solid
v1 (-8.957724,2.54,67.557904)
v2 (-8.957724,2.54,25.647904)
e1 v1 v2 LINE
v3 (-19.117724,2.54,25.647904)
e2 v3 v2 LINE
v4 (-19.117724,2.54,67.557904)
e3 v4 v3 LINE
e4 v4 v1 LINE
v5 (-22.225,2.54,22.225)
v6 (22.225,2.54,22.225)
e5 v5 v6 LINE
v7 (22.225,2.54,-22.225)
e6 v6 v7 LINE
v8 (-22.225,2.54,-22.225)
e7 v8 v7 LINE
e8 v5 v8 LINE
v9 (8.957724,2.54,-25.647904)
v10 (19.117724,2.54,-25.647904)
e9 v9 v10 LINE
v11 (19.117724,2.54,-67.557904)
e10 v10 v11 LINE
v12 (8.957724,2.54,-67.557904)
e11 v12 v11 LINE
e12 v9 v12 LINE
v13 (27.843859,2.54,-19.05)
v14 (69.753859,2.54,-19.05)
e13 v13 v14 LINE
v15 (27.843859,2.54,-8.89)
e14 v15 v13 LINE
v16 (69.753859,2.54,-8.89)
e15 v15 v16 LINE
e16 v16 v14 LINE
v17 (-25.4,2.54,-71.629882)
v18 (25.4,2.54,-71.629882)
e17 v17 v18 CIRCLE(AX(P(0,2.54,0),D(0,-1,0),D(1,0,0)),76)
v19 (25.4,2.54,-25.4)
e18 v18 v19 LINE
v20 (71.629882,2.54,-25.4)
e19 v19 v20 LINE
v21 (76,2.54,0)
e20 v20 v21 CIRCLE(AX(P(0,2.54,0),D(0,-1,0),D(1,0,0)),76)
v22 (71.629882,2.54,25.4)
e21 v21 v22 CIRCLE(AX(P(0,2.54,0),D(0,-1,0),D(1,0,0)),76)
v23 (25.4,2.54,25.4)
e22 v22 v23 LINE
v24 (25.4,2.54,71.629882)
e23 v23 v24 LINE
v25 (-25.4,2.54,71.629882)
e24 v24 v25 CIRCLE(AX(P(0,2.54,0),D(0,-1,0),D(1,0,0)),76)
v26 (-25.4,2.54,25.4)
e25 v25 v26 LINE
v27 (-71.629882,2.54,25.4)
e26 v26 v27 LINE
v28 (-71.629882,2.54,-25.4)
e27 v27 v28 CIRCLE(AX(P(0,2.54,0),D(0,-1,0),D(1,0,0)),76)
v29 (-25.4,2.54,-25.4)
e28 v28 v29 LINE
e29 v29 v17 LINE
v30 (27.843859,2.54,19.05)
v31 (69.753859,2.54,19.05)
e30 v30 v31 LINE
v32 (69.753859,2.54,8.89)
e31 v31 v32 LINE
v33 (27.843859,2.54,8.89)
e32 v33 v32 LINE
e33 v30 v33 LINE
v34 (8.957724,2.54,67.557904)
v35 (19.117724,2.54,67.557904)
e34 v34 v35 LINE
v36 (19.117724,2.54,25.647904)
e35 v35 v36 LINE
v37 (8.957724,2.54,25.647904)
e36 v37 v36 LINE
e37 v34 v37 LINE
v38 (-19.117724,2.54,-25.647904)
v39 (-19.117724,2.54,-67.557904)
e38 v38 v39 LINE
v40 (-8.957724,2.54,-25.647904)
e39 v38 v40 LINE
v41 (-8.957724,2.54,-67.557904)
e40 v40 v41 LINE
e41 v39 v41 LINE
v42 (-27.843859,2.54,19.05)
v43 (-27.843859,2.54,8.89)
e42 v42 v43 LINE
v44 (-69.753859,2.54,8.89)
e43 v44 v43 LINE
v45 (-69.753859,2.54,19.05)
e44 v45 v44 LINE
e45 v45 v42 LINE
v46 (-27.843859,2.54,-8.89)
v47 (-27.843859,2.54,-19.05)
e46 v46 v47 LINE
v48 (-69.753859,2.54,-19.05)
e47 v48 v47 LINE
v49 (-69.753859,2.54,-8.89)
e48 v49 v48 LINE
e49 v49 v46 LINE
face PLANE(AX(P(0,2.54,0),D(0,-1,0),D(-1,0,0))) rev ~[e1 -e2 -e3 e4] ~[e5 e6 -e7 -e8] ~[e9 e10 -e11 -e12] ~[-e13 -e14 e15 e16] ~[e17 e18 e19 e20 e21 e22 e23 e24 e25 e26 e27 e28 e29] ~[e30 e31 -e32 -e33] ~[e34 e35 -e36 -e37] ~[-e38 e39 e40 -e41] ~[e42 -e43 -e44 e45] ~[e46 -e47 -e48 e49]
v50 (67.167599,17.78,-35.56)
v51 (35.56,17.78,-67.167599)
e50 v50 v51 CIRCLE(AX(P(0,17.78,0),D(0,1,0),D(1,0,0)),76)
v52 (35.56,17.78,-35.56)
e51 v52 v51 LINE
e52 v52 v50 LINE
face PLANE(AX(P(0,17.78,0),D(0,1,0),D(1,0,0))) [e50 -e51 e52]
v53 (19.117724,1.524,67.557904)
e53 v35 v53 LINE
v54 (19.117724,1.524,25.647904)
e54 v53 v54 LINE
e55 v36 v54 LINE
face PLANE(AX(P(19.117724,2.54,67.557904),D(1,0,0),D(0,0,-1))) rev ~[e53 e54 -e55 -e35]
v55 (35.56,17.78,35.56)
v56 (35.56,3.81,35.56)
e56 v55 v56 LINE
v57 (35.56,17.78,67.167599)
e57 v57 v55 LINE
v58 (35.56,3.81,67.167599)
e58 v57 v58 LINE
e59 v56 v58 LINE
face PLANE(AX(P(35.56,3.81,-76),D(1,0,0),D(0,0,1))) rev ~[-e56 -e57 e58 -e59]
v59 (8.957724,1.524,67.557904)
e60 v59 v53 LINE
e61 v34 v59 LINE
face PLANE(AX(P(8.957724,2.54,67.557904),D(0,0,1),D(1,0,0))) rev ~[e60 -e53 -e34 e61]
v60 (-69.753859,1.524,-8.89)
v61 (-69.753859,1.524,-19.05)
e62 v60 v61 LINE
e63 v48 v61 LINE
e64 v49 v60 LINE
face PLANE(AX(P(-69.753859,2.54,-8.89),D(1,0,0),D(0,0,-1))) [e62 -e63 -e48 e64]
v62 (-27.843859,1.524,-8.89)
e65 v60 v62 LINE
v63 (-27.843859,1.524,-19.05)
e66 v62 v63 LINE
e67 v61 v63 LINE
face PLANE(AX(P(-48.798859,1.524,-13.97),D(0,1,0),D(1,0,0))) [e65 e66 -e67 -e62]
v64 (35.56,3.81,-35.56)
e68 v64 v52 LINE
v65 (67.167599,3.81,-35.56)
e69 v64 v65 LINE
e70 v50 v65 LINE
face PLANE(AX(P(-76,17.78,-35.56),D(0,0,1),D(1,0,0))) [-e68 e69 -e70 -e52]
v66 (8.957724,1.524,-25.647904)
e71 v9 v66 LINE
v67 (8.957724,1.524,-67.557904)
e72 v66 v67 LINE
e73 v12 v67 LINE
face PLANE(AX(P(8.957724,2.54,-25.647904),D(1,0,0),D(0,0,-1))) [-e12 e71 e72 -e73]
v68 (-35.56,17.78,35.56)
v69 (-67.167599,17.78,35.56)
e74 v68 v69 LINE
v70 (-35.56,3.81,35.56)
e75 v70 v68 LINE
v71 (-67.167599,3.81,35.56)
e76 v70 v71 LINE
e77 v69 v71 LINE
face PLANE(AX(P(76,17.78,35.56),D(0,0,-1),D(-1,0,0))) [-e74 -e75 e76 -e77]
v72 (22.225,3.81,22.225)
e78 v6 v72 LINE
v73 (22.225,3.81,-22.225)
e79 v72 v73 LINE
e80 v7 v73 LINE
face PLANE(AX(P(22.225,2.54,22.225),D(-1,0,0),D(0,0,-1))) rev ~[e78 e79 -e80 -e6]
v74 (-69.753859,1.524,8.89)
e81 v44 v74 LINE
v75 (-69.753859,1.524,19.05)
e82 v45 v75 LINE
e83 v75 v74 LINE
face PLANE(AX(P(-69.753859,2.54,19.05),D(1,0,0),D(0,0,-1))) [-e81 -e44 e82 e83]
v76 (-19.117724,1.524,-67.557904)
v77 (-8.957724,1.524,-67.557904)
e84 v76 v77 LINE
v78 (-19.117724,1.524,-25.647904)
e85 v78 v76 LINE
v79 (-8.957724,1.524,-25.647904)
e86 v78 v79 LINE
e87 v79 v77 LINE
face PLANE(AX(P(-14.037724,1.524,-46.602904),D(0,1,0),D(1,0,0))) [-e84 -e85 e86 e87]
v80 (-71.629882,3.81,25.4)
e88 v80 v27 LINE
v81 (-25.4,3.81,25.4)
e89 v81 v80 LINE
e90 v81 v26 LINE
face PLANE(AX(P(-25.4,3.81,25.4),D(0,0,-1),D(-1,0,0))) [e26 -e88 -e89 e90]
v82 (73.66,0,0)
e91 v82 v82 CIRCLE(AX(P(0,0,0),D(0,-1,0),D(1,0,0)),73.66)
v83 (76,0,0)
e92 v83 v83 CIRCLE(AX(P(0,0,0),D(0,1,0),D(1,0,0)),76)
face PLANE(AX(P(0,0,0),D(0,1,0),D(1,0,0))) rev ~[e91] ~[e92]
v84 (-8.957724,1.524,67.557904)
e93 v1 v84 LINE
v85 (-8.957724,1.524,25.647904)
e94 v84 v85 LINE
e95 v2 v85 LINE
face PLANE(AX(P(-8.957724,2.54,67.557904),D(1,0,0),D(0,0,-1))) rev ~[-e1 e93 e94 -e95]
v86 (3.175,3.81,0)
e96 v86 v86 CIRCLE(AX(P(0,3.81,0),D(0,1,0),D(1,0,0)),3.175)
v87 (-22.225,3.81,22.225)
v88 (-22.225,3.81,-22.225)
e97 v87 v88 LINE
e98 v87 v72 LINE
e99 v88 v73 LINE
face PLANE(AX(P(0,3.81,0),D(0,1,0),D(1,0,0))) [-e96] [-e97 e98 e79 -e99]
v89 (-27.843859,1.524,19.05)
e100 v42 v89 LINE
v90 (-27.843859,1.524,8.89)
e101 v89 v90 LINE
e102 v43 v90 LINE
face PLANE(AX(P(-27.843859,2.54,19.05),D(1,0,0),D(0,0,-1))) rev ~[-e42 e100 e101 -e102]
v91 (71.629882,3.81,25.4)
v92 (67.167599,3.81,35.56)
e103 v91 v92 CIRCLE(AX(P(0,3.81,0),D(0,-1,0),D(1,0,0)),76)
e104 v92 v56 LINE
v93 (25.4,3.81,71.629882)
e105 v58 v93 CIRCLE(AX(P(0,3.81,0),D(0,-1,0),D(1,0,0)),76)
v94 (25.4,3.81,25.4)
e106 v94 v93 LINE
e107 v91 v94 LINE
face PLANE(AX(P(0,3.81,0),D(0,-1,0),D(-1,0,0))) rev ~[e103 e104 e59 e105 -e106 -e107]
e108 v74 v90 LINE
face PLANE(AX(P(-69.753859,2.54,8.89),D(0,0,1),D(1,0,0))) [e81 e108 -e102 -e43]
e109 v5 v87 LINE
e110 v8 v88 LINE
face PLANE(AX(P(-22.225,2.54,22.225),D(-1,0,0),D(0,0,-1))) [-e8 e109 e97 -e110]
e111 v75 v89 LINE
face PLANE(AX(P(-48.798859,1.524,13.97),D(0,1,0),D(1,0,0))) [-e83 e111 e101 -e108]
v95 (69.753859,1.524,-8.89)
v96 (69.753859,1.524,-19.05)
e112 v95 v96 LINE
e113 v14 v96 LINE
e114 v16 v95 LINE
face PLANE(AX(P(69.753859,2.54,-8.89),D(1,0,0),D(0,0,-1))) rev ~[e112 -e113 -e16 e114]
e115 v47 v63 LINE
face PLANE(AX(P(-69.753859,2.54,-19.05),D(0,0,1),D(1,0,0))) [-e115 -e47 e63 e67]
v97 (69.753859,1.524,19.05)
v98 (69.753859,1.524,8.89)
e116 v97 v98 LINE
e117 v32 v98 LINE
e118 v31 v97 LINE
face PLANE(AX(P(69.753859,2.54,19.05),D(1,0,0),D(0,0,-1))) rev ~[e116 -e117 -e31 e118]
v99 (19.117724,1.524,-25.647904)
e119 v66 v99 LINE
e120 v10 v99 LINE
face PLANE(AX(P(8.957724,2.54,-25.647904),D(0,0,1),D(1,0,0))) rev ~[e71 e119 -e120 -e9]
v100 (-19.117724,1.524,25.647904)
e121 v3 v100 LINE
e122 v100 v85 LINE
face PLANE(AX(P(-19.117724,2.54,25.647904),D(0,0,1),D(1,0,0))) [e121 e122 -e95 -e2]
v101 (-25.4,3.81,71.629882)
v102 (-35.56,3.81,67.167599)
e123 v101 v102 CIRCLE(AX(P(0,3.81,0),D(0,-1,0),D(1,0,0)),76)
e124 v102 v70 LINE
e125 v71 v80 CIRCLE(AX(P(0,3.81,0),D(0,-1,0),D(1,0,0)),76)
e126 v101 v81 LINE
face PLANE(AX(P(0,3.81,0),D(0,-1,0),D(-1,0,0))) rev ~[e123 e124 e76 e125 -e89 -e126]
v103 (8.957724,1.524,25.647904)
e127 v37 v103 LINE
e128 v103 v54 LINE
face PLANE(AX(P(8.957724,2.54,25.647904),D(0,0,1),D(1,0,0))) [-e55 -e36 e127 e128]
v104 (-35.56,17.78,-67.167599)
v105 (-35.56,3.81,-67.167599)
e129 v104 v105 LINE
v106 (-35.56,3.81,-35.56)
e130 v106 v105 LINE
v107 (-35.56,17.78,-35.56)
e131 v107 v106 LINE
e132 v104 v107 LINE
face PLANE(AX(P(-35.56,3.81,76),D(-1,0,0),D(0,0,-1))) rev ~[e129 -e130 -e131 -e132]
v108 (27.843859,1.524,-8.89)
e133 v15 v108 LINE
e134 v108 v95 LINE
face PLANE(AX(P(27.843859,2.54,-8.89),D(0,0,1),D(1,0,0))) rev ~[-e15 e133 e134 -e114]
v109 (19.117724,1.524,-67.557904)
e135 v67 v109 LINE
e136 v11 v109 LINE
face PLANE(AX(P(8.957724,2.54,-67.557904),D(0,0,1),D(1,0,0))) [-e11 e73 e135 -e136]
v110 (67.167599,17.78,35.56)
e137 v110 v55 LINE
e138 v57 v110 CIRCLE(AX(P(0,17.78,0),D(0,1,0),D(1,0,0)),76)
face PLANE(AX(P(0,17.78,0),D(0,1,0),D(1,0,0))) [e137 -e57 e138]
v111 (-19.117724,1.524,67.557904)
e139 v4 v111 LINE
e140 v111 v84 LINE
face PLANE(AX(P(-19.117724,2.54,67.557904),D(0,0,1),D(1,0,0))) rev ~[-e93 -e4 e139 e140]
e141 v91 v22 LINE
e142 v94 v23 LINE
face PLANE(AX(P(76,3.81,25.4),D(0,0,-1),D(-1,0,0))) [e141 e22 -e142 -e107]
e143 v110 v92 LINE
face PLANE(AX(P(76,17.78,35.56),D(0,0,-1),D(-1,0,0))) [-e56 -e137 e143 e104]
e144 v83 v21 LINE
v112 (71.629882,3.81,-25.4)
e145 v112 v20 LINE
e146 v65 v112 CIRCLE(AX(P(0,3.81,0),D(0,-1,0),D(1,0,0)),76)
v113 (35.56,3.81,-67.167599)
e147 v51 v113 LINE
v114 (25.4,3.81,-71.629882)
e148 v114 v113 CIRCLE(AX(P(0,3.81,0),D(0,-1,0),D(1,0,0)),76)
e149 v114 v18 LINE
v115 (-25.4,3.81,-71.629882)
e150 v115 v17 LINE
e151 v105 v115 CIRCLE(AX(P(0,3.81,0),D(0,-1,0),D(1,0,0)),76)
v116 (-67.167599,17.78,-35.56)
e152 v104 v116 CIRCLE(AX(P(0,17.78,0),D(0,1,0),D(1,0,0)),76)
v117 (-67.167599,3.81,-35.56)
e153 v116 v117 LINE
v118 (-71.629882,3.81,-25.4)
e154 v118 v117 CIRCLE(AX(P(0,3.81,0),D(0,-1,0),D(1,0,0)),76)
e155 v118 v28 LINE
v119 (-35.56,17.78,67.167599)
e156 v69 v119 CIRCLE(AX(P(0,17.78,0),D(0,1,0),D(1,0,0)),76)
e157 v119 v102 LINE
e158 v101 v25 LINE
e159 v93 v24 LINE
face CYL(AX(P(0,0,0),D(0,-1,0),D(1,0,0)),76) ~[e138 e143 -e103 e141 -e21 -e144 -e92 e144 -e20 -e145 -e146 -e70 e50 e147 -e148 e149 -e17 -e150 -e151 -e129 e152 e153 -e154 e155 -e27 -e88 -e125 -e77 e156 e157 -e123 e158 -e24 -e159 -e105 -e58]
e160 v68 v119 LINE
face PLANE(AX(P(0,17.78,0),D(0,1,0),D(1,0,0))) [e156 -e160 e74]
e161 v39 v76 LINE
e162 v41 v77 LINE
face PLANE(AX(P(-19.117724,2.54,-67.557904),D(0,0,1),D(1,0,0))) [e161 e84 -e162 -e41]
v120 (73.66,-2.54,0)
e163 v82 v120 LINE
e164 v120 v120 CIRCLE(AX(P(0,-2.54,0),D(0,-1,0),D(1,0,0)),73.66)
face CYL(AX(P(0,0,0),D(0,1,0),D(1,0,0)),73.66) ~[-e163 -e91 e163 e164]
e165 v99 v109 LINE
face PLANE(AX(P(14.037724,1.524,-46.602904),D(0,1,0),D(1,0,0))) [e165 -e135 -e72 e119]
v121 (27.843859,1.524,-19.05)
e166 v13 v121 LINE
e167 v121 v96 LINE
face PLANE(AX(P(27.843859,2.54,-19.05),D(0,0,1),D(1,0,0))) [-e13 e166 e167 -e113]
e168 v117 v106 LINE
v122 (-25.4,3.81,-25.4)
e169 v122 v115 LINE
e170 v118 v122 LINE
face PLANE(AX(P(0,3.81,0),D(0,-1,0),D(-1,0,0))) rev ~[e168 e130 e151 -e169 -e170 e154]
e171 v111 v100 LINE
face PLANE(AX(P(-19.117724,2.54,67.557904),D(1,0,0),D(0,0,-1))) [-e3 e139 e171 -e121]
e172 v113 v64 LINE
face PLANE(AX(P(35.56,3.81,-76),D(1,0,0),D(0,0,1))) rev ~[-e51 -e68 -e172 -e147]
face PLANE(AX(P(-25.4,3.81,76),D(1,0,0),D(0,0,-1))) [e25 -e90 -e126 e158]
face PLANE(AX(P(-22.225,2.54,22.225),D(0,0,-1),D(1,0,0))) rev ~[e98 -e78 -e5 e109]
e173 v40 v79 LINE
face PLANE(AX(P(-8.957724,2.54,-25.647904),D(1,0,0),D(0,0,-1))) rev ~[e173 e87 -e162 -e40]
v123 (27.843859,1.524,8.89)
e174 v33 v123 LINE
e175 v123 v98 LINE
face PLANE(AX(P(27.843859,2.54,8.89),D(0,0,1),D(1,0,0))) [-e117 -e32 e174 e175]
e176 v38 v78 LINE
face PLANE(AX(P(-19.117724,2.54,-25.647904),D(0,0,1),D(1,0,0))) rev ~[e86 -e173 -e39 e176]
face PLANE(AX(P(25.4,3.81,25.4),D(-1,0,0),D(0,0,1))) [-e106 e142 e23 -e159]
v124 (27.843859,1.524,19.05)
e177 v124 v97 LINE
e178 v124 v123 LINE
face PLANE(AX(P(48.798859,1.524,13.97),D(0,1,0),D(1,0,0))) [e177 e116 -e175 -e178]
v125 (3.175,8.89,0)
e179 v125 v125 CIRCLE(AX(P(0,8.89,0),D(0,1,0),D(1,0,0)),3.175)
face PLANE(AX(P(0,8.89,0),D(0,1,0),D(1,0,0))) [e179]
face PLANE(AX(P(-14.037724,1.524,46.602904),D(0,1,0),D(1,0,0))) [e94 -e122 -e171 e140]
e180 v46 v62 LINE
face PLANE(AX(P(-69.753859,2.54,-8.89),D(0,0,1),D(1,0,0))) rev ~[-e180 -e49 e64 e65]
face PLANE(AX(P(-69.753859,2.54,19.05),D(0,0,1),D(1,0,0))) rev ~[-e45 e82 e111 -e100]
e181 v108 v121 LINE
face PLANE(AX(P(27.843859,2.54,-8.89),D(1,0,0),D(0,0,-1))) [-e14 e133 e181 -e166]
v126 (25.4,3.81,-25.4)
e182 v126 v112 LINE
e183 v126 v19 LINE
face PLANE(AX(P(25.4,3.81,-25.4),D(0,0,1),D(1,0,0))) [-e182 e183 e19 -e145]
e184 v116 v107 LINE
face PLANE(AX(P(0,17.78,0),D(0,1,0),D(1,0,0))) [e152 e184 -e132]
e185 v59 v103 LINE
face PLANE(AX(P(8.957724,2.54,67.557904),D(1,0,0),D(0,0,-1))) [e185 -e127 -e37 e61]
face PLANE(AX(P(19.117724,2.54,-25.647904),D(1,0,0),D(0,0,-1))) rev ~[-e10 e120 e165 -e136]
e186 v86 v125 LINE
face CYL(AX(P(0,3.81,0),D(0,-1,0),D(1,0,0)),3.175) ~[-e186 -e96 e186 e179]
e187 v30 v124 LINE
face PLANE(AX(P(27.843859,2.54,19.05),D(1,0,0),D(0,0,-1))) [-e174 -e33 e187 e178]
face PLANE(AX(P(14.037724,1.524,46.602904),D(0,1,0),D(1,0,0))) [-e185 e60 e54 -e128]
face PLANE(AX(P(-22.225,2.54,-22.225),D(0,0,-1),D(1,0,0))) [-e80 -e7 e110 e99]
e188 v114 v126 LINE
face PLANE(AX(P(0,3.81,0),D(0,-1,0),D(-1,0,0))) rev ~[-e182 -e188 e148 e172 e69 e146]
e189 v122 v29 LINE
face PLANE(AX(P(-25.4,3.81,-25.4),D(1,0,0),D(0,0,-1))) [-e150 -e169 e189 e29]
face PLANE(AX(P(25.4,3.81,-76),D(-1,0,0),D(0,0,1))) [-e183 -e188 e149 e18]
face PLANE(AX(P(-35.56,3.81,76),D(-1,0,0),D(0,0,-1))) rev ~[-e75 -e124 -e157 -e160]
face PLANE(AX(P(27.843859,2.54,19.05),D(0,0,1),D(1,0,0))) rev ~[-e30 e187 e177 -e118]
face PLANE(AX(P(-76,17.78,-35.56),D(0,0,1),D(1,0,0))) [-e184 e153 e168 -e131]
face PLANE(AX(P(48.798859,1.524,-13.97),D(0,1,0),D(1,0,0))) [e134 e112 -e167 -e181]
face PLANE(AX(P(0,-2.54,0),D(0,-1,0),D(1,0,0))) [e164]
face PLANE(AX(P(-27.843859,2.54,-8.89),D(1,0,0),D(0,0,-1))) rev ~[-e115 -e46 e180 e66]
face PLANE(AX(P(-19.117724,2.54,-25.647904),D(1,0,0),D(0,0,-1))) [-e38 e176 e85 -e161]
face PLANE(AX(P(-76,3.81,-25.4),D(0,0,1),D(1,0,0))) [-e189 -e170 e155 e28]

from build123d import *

# Parameters (mm, degrees)
SKETCH2_R           = 76
BOSS_EXTRUDE1_DEPTH = 17.78
CUT_EXTRUDE3_DEPTH  = 13.97
CUT_EXTRUDE4_DEPTH  = 14.97
CUT_EXTRUDE5_DEPTH  = 1.27
SKETCH10_W          = 10.16
SKETCH10_H          = 41.91
SKETCH10_W_2        = 41.91
SKETCH10_H_2        = 10.16
CUT_EXTRUDE6_DEPTH  = 1.016
SKETCH11_W          = 44.45
SKETCH11_H          = 44.45
BOSS_EXTRUDE2_DEPTH = 1.27
SKETCH14_R          = 3.175
BOSS_EXTRUDE4_DEPTH = 5.08
SKETCH15_R          = 73.66
BOSS_EXTRUDE5_DEPTH = 2.54


with BuildPart() as part:
    # Sketch2 → Boss-Extrude1 (new body)
    with BuildSketch(Plane(origin=(0, 0, 0), x_dir=(1, 0, 0), z_dir=(0, 1, 0))):
        Circle(SKETCH2_R)
    extrude(amount=BOSS_EXTRUDE1_DEPTH)

    # Sketch6 → Cut-Extrude3 (cut)
    with BuildSketch(Plane(origin=(0, 17.78, 0), x_dir=(1, 0, 0), z_dir=(0, 1, 0))):
        with BuildLine():
            Line((-76, 35.56), (76, 35.56))
            ThreePointArc((76, 35.56), (111.56, 0), (76, -35.56))
            Line((76, -35.56), (-76, -35.56))
            ThreePointArc((-76, -35.56), (-111.56, 0), (-76, 35.56))
        make_face()
    extrude(amount=-CUT_EXTRUDE3_DEPTH, mode=Mode.SUBTRACT)

    # Sketch8 → Cut-Extrude4 (cut, through all)
    with BuildSketch(Plane(origin=(0, 3.81, 0), x_dir=(1, 0, 0), z_dir=(0, 1, 0))):
        with BuildLine():
            Line((35.56, 76), (35.56, -76))
            ThreePointArc((35.56, -76), (0, -111.56), (-35.56, -76))
            Line((-35.56, -76), (-35.56, 76))
            ThreePointArc((-35.56, 76), (0, 111.56), (35.56, 76))
        make_face()
    extrude(amount=CUT_EXTRUDE4_DEPTH, mode=Mode.SUBTRACT)

    # Sketch9 → Cut-Extrude5 (cut)
    with BuildSketch(Plane(origin=(0, 3.81, 0), x_dir=(1, 0, 0), z_dir=(0, 1, 0))):
        with BuildLine():
            Line((25.4, 76), (25.4, 25.4))
            Line((25.4, 25.4), (76, 25.4))
            ThreePointArc((76, 25.4), (101.4, 0), (76, -25.4))
            Line((76, -25.4), (25.4, -25.4))
            Line((25.4, -25.4), (25.4, -76))
            ThreePointArc((25.4, -76), (0, -101.4), (-25.4, -76))
            Line((-25.4, -76), (-25.4, -25.4))
            Line((-25.4, -25.4), (-76, -25.4))
            ThreePointArc((-76, -25.4), (-101.4, 0), (-76, 25.4))
            Line((-76, 25.4), (-25.4, 25.4))
            Line((-25.4, 25.4), (-25.4, 76))
            ThreePointArc((-25.4, 76), (0, 101.4), (25.4, 76))
        make_face()
    extrude(amount=-CUT_EXTRUDE5_DEPTH, mode=Mode.SUBTRACT)

    # Sketch10 → Cut-Extrude6 (cut)
    with BuildSketch(Plane(origin=(0, 2.54, 0), x_dir=(1, 0, 0), z_dir=(0, 1, 0))):
        with Locations((-14.037724316, 46.60290417)):
            Rectangle(SKETCH10_W, SKETCH10_H)
        with Locations((14.037724316, 46.60290417)):
            Rectangle(SKETCH10_W, SKETCH10_H)
        with Locations((14.037724316, -46.60290417)):
            Rectangle(SKETCH10_W, SKETCH10_H)
        with Locations((-14.037724316, -46.60290417)):
            Rectangle(SKETCH10_W, SKETCH10_H)
        with Locations((-48.79885899, 13.97)):
            Rectangle(SKETCH10_W_2, SKETCH10_H_2)
        with Locations((-48.79885899, -13.97)):
            Rectangle(SKETCH10_W_2, SKETCH10_H_2)
        with Locations((48.79885899, -13.97)):
            Rectangle(SKETCH10_W_2, SKETCH10_H_2)
        with Locations((48.79885899, 13.97)):
            Rectangle(SKETCH10_W_2, SKETCH10_H_2)
    extrude(amount=-CUT_EXTRUDE6_DEPTH, mode=Mode.SUBTRACT)

    # Sketch11 → Boss-Extrude2 (add)
    with BuildSketch(Plane(origin=(0, 2.54, 0), x_dir=(1, 0, 0), z_dir=(0, 1, 0))):
        Rectangle(SKETCH11_W, SKETCH11_H)
    extrude(amount=BOSS_EXTRUDE2_DEPTH)

    # Sketch14 → Boss-Extrude4 (add)
    with BuildSketch(Plane(origin=(0, 3.81, 0), x_dir=(1, 0, 0), z_dir=(0, 1, 0))):
        Circle(SKETCH14_R)
    extrude(amount=BOSS_EXTRUDE4_DEPTH)

    # Sketch15 → Boss-Extrude5 (add)
    with BuildSketch(Plane.XZ):
        Circle(SKETCH15_R)
    extrude(amount=BOSS_EXTRUDE5_DEPTH)


solid = part.part
